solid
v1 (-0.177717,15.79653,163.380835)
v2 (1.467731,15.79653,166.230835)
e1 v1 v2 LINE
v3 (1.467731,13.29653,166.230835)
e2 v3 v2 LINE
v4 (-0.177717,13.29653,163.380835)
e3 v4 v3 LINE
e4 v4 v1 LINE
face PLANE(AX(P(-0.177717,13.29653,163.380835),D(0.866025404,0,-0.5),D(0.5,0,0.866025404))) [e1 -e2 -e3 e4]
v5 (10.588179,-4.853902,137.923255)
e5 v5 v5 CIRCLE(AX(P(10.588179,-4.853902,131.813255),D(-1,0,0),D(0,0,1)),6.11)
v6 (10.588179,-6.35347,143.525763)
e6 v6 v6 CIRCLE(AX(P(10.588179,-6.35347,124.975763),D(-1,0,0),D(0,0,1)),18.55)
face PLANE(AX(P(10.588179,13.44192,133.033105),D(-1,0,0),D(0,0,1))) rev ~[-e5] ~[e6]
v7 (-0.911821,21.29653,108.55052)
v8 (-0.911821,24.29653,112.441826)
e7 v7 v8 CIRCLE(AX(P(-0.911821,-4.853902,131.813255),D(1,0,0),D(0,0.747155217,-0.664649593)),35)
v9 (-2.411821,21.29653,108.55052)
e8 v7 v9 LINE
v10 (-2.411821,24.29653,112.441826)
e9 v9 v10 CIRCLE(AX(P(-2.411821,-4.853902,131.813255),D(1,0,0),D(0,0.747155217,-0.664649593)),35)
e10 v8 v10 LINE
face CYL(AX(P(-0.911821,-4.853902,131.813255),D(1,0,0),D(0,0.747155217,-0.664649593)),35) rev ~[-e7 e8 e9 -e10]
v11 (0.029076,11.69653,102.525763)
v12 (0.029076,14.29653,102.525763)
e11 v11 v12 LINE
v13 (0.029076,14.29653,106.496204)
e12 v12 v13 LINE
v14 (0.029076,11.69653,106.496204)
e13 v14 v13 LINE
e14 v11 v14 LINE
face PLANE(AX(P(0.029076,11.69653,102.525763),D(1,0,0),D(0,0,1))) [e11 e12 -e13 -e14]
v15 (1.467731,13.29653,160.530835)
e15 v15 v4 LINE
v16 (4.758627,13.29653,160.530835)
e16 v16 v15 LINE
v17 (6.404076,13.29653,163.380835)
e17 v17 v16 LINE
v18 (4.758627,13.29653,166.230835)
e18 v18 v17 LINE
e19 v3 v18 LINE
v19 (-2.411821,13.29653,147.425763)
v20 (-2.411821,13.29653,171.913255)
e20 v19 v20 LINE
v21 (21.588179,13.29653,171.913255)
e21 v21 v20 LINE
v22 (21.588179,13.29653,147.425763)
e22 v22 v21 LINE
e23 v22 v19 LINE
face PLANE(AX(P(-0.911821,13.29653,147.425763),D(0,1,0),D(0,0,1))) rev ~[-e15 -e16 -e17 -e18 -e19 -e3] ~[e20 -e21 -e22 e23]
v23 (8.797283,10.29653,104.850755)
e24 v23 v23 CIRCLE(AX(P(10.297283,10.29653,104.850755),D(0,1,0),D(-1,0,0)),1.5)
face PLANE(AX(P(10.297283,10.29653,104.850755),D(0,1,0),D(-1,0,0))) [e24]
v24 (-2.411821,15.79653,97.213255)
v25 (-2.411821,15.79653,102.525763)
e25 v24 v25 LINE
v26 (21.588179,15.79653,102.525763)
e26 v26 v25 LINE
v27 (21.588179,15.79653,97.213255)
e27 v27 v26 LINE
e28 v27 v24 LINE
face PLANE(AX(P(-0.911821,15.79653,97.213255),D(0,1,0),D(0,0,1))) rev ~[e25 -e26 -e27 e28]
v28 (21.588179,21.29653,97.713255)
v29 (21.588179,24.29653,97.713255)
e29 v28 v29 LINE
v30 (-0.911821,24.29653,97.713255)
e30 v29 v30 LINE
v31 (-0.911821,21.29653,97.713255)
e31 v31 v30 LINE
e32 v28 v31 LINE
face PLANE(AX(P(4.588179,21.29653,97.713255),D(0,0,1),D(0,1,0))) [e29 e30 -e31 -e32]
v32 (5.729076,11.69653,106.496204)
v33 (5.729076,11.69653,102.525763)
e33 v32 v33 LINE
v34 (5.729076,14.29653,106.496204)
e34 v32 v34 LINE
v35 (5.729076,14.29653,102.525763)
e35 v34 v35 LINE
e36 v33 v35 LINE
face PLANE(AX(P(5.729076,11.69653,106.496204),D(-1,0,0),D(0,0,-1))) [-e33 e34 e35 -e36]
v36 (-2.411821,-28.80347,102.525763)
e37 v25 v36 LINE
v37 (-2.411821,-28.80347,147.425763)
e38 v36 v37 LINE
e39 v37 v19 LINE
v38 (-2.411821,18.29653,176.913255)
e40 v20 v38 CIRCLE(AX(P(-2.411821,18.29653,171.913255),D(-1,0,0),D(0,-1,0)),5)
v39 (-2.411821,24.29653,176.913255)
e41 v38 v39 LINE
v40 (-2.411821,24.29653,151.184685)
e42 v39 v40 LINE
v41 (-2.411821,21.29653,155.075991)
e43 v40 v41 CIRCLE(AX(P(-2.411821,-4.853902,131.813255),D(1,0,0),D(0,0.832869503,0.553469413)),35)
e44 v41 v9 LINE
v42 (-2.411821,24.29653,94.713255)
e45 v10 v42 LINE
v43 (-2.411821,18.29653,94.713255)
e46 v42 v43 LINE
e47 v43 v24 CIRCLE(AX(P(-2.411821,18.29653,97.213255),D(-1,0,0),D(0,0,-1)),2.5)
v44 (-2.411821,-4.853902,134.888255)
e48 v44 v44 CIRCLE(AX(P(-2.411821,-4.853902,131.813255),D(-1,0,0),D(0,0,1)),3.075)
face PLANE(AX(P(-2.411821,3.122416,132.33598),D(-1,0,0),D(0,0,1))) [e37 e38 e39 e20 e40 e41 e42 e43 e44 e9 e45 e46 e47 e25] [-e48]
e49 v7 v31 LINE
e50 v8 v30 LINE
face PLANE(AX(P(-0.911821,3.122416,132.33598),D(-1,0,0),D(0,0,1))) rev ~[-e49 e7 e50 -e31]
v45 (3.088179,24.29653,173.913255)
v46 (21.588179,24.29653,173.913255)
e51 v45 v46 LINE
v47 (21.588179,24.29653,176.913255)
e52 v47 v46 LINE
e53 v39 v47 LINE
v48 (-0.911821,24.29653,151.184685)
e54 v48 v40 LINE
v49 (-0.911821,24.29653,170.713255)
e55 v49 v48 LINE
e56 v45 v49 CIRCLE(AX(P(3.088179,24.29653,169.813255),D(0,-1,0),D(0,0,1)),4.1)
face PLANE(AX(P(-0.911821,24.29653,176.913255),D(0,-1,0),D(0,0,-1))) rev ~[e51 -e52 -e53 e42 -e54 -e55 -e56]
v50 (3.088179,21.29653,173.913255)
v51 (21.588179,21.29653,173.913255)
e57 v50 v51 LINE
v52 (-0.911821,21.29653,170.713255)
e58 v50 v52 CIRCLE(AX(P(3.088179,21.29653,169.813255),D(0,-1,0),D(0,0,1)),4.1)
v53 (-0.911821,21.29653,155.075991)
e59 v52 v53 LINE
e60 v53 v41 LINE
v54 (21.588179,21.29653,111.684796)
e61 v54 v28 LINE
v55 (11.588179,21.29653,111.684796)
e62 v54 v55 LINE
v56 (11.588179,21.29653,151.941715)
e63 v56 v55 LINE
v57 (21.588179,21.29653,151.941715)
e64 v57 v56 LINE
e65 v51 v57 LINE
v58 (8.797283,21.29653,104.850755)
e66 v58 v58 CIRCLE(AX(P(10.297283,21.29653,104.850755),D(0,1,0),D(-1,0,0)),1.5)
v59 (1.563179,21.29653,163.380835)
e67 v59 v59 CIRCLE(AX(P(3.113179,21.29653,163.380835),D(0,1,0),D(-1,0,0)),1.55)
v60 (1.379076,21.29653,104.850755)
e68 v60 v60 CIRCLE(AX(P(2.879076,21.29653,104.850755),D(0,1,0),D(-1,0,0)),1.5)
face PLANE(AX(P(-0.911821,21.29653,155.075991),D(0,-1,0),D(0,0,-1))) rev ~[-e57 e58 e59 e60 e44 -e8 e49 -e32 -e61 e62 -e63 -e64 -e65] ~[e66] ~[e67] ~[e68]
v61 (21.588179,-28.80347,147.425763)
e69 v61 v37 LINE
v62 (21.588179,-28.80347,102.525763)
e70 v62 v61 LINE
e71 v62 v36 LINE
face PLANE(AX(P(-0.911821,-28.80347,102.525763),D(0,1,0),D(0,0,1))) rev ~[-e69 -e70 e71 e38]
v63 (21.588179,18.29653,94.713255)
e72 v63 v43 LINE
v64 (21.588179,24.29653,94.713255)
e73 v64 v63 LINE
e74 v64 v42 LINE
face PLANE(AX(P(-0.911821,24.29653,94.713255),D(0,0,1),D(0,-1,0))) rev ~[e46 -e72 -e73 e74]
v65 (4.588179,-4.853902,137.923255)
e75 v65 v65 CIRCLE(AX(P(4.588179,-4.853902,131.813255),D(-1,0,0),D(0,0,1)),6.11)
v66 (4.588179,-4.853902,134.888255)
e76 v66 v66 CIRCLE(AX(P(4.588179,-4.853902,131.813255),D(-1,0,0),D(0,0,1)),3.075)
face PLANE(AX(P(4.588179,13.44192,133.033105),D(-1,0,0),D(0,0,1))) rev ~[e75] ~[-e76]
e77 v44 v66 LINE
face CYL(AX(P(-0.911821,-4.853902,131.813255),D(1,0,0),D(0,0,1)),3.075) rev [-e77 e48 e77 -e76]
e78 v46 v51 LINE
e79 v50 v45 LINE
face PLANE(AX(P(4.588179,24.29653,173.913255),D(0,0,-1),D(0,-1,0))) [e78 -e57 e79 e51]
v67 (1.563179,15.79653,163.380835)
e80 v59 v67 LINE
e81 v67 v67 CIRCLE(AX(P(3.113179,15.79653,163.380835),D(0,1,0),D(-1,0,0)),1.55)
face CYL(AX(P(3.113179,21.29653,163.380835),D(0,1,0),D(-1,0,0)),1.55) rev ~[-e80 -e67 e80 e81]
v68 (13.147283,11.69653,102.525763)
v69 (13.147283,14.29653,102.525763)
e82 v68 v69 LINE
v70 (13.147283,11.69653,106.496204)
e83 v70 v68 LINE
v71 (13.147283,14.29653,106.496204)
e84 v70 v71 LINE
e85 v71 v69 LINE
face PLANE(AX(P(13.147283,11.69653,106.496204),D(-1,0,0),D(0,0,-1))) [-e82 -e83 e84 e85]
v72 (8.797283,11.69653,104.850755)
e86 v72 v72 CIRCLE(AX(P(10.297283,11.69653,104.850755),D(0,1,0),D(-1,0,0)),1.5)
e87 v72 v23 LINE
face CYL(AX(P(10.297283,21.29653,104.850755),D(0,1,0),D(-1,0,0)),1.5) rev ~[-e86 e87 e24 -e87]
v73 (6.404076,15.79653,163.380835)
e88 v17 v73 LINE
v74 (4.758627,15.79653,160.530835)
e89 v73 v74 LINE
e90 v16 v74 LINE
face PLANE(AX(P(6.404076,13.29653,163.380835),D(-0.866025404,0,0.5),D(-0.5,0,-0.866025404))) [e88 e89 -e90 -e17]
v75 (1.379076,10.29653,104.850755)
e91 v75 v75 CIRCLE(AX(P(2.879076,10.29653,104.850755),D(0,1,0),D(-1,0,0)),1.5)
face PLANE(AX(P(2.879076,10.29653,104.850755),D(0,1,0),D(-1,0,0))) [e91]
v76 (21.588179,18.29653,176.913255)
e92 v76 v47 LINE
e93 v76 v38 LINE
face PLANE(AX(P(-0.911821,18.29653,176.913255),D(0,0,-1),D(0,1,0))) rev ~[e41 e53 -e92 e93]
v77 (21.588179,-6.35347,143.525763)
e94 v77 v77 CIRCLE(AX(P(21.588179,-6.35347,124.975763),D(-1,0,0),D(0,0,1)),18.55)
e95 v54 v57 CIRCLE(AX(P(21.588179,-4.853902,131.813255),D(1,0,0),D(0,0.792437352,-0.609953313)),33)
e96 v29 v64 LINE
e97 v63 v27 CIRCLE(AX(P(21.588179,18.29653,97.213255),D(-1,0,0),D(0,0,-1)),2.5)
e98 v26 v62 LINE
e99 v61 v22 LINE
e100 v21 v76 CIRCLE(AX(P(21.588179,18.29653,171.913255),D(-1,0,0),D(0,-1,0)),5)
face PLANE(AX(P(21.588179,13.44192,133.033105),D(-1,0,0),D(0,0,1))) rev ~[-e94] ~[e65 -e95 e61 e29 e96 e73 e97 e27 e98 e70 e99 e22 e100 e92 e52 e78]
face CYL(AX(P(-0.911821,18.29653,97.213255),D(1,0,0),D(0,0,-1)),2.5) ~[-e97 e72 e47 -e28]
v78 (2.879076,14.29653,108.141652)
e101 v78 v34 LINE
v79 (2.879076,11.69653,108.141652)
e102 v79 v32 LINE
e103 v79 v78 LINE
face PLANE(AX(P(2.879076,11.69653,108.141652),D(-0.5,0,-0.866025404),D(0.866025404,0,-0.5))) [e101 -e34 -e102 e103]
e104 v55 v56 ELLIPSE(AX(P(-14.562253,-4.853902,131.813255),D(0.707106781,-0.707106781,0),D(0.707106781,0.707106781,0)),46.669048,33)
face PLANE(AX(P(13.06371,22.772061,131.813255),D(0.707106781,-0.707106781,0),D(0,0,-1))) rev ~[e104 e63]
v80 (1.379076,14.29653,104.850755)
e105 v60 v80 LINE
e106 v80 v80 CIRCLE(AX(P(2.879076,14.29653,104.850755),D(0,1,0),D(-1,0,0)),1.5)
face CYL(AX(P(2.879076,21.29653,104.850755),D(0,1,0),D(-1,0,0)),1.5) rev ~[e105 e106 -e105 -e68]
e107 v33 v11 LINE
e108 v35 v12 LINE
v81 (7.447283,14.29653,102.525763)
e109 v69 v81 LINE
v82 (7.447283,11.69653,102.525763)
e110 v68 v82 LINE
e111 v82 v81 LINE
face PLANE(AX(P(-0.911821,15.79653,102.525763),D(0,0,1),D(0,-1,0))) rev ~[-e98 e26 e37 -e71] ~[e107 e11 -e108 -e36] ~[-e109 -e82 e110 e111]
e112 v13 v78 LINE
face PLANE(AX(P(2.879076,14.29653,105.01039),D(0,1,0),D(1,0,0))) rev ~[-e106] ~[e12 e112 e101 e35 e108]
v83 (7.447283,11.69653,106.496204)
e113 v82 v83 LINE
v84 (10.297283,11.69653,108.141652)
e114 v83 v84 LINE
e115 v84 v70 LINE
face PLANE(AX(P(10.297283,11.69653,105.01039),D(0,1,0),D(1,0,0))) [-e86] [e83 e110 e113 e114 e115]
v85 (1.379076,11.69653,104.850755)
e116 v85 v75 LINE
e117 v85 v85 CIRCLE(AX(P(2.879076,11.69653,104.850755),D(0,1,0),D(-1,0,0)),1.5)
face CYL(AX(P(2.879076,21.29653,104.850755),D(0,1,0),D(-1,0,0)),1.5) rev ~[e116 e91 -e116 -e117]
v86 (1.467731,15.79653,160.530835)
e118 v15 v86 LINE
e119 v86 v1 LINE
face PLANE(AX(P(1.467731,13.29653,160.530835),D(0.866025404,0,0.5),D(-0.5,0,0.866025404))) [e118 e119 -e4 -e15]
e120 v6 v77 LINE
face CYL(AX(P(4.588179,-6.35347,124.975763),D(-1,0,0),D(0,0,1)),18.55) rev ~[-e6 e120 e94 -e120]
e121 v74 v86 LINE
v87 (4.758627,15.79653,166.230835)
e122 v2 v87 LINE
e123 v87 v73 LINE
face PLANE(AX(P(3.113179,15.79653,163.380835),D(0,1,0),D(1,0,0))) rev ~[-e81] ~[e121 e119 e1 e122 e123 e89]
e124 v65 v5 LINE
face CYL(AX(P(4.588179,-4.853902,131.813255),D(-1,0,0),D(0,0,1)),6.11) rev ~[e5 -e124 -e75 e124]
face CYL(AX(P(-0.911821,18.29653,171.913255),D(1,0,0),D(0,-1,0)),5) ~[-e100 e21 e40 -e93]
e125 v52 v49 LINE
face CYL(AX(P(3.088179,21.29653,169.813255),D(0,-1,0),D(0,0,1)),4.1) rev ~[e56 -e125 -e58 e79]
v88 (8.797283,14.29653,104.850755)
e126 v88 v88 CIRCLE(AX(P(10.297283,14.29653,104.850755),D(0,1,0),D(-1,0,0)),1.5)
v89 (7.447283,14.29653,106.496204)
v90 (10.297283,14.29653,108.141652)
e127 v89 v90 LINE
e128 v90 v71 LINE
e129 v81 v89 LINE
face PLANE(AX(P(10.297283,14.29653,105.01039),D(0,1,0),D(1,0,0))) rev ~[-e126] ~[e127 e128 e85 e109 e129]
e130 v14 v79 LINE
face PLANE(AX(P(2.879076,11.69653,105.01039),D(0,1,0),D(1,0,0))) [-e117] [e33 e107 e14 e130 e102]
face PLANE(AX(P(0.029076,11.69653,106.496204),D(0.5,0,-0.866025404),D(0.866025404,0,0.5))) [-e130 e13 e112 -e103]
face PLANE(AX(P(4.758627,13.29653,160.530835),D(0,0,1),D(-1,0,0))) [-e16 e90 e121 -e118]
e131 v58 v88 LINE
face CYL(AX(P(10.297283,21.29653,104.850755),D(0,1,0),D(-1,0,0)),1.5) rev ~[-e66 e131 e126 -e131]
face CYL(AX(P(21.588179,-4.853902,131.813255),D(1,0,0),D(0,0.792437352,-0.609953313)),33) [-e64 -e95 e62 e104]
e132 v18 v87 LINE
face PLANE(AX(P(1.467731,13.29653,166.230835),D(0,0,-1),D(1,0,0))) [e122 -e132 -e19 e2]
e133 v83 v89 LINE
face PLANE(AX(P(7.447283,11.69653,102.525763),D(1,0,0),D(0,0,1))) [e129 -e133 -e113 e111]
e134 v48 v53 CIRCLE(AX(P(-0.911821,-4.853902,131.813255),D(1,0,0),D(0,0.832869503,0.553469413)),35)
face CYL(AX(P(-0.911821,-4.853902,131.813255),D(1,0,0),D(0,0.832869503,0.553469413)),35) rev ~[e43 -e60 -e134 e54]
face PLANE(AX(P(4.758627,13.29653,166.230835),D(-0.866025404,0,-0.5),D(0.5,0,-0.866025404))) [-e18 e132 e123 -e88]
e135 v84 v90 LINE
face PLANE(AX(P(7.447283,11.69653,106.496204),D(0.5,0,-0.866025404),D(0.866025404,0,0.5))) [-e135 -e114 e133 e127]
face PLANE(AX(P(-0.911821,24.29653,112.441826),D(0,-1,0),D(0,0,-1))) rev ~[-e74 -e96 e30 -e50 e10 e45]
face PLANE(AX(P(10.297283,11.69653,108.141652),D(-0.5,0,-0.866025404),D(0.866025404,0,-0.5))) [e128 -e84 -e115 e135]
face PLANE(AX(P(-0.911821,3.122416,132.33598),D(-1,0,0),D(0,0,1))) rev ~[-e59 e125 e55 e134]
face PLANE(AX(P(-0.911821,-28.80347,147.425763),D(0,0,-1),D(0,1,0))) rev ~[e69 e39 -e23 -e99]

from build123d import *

# Parameters (mm, degrees)
SKETCH1_R           = 22.45
SKETCH1_R_2         = 18.55
SKETCH1_R_3         = 6.11
SKETCH1_R_4         = 5.25
SKETCH1_R_5         = 3.075
BOSS_EXTRUDE1_DEPTH = 5.5
SKETCH1_3_R         = 22.45
SKETCH1_3_R_2       = 18.55
SKETCH1_3_R_3       = 6.11
BOSS_EXTRUDE2_DEPTH = 6
SKETCH1_4_R         = 22.45
SKETCH1_4_R_2       = 18.55
BOSS_EXTRUDE3_DEPTH = 17
BOSS_EXTRUDE4_DEPTH = 10
DRAFT1_ANGLE        = 45
BOSS_EXTRUDE5_DEPTH = 3
SKETCH4_R           = 3.075
BOSS_EXTRUDE6_DEPTH = 1.5
SKETCH3_R           = 1.5
SKETCH3_R_2         = 1.55
CUT_EXTRUDE1_DEPTH  = 11
CUT_EXTRUDE2_START  = -9.6
SKETCH3_4_R         = 1.5
CUT_EXTRUDE2_DEPTH  = 2.6
CUT_EXTRUDE3_START  = -8
SKETCH3_5_R         = 1.55
CUT_EXTRUDE3_DEPTH  = 2.5


with BuildPart() as part:
    # Sketch1 → Boss-Extrude1 (new body)
    with BuildSketch(Plane.ZY.offset(-4.58817912)):
        with BuildLine():
            Line((173.913255387, 21.29653024), (97.713255387, 21.29653024))
            Line((97.713255387, 21.29653024), (97.713255387, 24.29653024))
            Line((97.713255387, 24.29653024), (94.713255387, 24.29653024))
            Line((94.713255387, 24.29653024), (94.713255387, 18.29653024))
            ThreePointArc((94.713255387, 18.29653024), (95.445488434, 16.528763287), (97.213255387, 15.79653024))
            Line((97.213255387, 15.79653024), (102.52576333, 15.79653024))
            Line((102.52576333, 15.79653024), (102.52576333, -6.35346976))
            ThreePointArc((102.52576333, -6.35346976), (124.97576333, 16.09653024), (147.42576333, -6.35346976))
            Line((147.42576333, -6.35346976), (147.42576333, 13.29653024))
            Line((147.42576333, 13.29653024), (171.913255387, 13.29653024))
            ThreePointArc((171.913255387, 13.29653024), (175.448789293, 14.760996334), (176.913255387, 18.29653024))
            Line((176.913255387, 18.29653024), (176.913255387, 24.29653024))
            Line((176.913255387, 24.29653024), (173.913255387, 24.29653024))
            Line((173.913255387, 24.29653024), (173.913255387, 21.29653024))
        make_face()
        with BuildLine():
            ThreePointArc((124.97576333, -28.80346976), (109.101216092, -22.228016998), (102.52576333, -6.35346976))
            Line((102.52576333, -6.35346976), (102.52576333, -28.80346976))
            Line((102.52576333, -28.80346976), (124.97576333, -28.80346976))
        make_face()
        with Locations((124.97576333, -6.35346976)):
            Circle(SKETCH1_R)
        with Locations((124.97576333, -6.35346976)):
            Circle(SKETCH1_R_2, mode=Mode.SUBTRACT)
        with Locations((124.97576333, -6.35346976)):
            Circle(SKETCH1_R_2)
        with Locations((131.813255387, -4.853902367)):
            Circle(SKETCH1_R_3, mode=Mode.SUBTRACT)
        with Locations((131.813255387, -4.853902367)):
            Circle(SKETCH1_R_3)
        with Locations((131.813255387, -4.853902367)):
            Circle(SKETCH1_R_4, mode=Mode.SUBTRACT)
        with Locations((131.813255387, -4.853902367)):
            Circle(SKETCH1_R_4)
        with Locations((131.813255387, -4.853902367)):
            Circle(SKETCH1_R_5, mode=Mode.SUBTRACT)
        with BuildLine():
            Line((147.42576333, -28.80346976), (147.42576333, -6.35346976))
            ThreePointArc((147.42576333, -6.35346976), (140.850310568, -22.228016998), (124.97576333, -28.80346976))
            Line((124.97576333, -28.80346976), (147.42576333, -28.80346976))
        make_face()
    extrude(amount=BOSS_EXTRUDE1_DEPTH)

    # Sketch1<3> → Boss-Extrude2 (add)
    with BuildSketch(Plane.ZY.offset(-4.58817912)):
        with BuildLine():
            Line((173.913255387, 21.29653024), (97.713255387, 21.29653024))
            Line((97.713255387, 21.29653024), (97.713255387, 24.29653024))
            Line((97.713255387, 24.29653024), (94.713255387, 24.29653024))
            Line((94.713255387, 24.29653024), (94.713255387, 18.29653024))
            ThreePointArc((94.713255387, 18.29653024), (95.445488434, 16.528763287), (97.213255387, 15.79653024))
            Line((97.213255387, 15.79653024), (102.52576333, 15.79653024))
            Line((102.52576333, 15.79653024), (102.52576333, -6.35346976))
            ThreePointArc((102.52576333, -6.35346976), (124.97576333, 16.09653024), (147.42576333, -6.35346976))
            Line((147.42576333, -6.35346976), (147.42576333, 13.29653024))
            Line((147.42576333, 13.29653024), (171.913255387, 13.29653024))
            ThreePointArc((171.913255387, 13.29653024), (175.448789293, 14.760996334), (176.913255387, 18.29653024))
            Line((176.913255387, 18.29653024), (176.913255387, 24.29653024))
            Line((176.913255387, 24.29653024), (173.913255387, 24.29653024))
            Line((173.913255387, 24.29653024), (173.913255387, 21.29653024))
        make_face()
        with BuildLine():
            Line((147.42576333, -28.80346976), (147.42576333, -6.35346976))
            ThreePointArc((147.42576333, -6.35346976), (140.850310568, -22.228016998), (124.97576333, -28.80346976))
            Line((124.97576333, -28.80346976), (147.42576333, -28.80346976))
        make_face()
        with Locations((124.97576333, -6.35346976)):
            Circle(SKETCH1_3_R)
        with Locations((124.97576333, -6.35346976)):
            Circle(SKETCH1_3_R_2, mode=Mode.SUBTRACT)
        with Locations((124.97576333, -6.35346976)):
            Circle(SKETCH1_3_R_2)
        with Locations((131.813255387, -4.853902367)):
            Circle(SKETCH1_3_R_3, mode=Mode.SUBTRACT)
    extrude(amount=-BOSS_EXTRUDE2_DEPTH)

    # Sketch1<4> → Boss-Extrude3 (add)
    with BuildSketch(Plane.ZY.offset(-4.58817912)):
        with BuildLine():
            Line((173.913255387, 21.29653024), (97.713255387, 21.29653024))
            Line((97.713255387, 21.29653024), (97.713255387, 24.29653024))
            Line((97.713255387, 24.29653024), (94.713255387, 24.29653024))
            Line((94.713255387, 24.29653024), (94.713255387, 18.29653024))
            ThreePointArc((94.713255387, 18.29653024), (95.445488434, 16.528763287), (97.213255387, 15.79653024))
            Line((97.213255387, 15.79653024), (102.52576333, 15.79653024))
            Line((102.52576333, 15.79653024), (102.52576333, -6.35346976))
            ThreePointArc((102.52576333, -6.35346976), (124.97576333, 16.09653024), (147.42576333, -6.35346976))
            Line((147.42576333, -6.35346976), (147.42576333, 13.29653024))
            Line((147.42576333, 13.29653024), (171.913255387, 13.29653024))
            ThreePointArc((171.913255387, 13.29653024), (175.448789293, 14.760996334), (176.913255387, 18.29653024))
            Line((176.913255387, 18.29653024), (176.913255387, 24.29653024))
            Line((176.913255387, 24.29653024), (173.913255387, 24.29653024))
            Line((173.913255387, 24.29653024), (173.913255387, 21.29653024))
        make_face()
        with BuildLine():
            Line((147.42576333, -28.80346976), (147.42576333, -6.35346976))
            ThreePointArc((147.42576333, -6.35346976), (140.850310568, -22.228016998), (124.97576333, -28.80346976))
            Line((124.97576333, -28.80346976), (147.42576333, -28.80346976))
        make_face()
        with BuildLine():
            ThreePointArc((124.97576333, -28.80346976), (109.101216092, -22.228016998), (102.52576333, -6.35346976))
            Line((102.52576333, -6.35346976), (102.52576333, -28.80346976))
            Line((102.52576333, -28.80346976), (124.97576333, -28.80346976))
        make_face()
        with Locations((124.97576333, -6.35346976)):
            Circle(SKETCH1_4_R)
        with Locations((124.97576333, -6.35346976)):
            Circle(SKETCH1_4_R_2, mode=Mode.SUBTRACT)
    extrude(amount=-BOSS_EXTRUDE3_DEPTH)

    # Sketch2 → Boss-Extrude4 (add)
    with BuildSketch(Plane(origin=(21.58817912, 0, 0), x_dir=(0, 0, -1), z_dir=(1, 0, 0))):
        with BuildLine():
            Line((-151.941714705, 21.29653024), (-111.68479607, 21.29653024))
            ThreePointArc((-111.68479607, 21.29653024), (-131.813255387, 28.146097633), (-151.941714705, 21.29653024))
        make_face()
    extrude(amount=-BOSS_EXTRUDE4_DEPTH)

    # Draft1
    draft1_faces = [part.faces().sort_by_distance(p)[0] for p in [
        (11.58817912, 24.062292156, 131.813255387),
    ]]
    draft(draft1_faces, Plane(origin=(-98.771158707, 21.29653024, 0), x_dir=(1, 0, 0), z_dir=(0, 1, 0)), DRAFT1_ANGLE)

    # Sketch3<3> → Boss-Extrude5 (add)
    with BuildSketch(Plane(origin=(0, 21.29653024, 0), x_dir=(1, 0, 0), z_dir=(0, 1, 0))):
        with BuildLine():
            Line((-0.91182088, -173.913255387), (3.08817912, -173.913255387))
            ThreePointArc((3.08817912, -173.913255387), (0.526929425, -173.014817506), (-0.91182088, -170.713255387))
            Line((-0.91182088, -170.713255387), (-0.91182088, -173.913255387))
        make_face()
    extrude(amount=BOSS_EXTRUDE5_DEPTH)

    # Sketch4 → Boss-Extrude6 (add)
    with BuildSketch(Plane.ZY.offset(0.91182088)):
        with BuildLine():
            Line((97.713255387, 21.29653024), (97.713255387, 24.29653024))
            Line((97.713255387, 24.29653024), (94.713255387, 24.29653024))
            Line((94.713255387, 24.29653024), (94.713255387, 18.29653024))
            ThreePointArc((94.713255387, 18.29653024), (95.445488434, 16.528763287), (97.213255387, 15.79653024))
            Line((97.213255387, 15.79653024), (102.52576333, 15.79653024))
            Line((102.52576333, 15.79653024), (102.52576333, -28.80346976))
            Line((102.52576333, -28.80346976), (147.42576333, -28.80346976))
            Line((147.42576333, -28.80346976), (147.42576333, 13.29653024))
            Line((147.42576333, 13.29653024), (171.913255387, 13.29653024))
            ThreePointArc((171.913255387, 13.29653024), (175.448789293, 14.760996334), (176.913255387, 18.29653024))
            Line((176.913255387, 18.29653024), (176.913255387, 24.29653024))
            Line((176.913255387, 24.29653024), (170.713255387, 24.29653024))
            Line((170.713255387, 24.29653024), (170.713255387, 21.29653024))
            Line((170.713255387, 21.29653024), (155.075991135, 21.29653024))
            Line((155.075991135, 21.29653024), (108.550519639, 21.29653024))
            Line((108.550519639, 21.29653024), (97.713255387, 21.29653024))
        make_face()
        with Locations((131.813255387, -4.853902367)):
            Circle(SKETCH4_R, mode=Mode.SUBTRACT)
        with BuildLine():
            Line((112.44182594, 24.29653024), (97.713255387, 24.29653024))
            Line((97.713255387, 24.29653024), (97.713255387, 21.29653024))
            Line((97.713255387, 21.29653024), (108.550519639, 21.29653024))
            ThreePointArc((108.550519639, 21.29653024), (110.443463379, 22.864899727), (112.44182594, 24.29653024))
        make_face()
        with BuildLine():
            ThreePointArc((151.184684835, 24.29653024), (153.183047396, 22.864899727), (155.075991135, 21.29653024))
            Line((155.075991135, 21.29653024), (170.713255387, 21.29653024))
            Line((170.713255387, 21.29653024), (170.713255387, 24.29653024))
            Line((170.713255387, 24.29653024), (151.184684835, 24.29653024))
        make_face()
    extrude(amount=BOSS_EXTRUDE6_DEPTH)

    # Sketch3 → Cut-Extrude1 (cut)
    with BuildSketch(Plane(origin=(0, 21.29653024, 0), x_dir=(1, 0, 0), z_dir=(0, 1, 0))):
        with Locations(Location((2.879075654, -104.850755387, 0), (0, 0, 180))):
            Circle(SKETCH3_R)
        with Locations(Location((10.297282585, -104.850755387, 0), (0, 0, 180))):
            Circle(SKETCH3_R)
        with Locations(Location((3.11317912, -163.38083505, 0), (0, 0, 180))):
            Circle(SKETCH3_R_2)
    extrude(amount=-CUT_EXTRUDE1_DEPTH, mode=Mode.SUBTRACT)

    # Sketch3<4> → Cut-Extrude2 (cut)
    with BuildSketch(Plane(origin=(0, 21.29653024, 0), x_dir=(1, 0, 0), z_dir=(0, 1, 0)).offset(CUT_EXTRUDE2_START)):
        Polygon((7.447282585, -106.496203654), (10.297282585, -108.141651922), (13.147282585, -106.496203654), (13.147282585, -103.20530712), (11.970278215, -102.52576333), (8.624286956, -102.52576333), (7.447282585, -103.20530712), align=None)
        with Locations(Location((10.297282585, -104.850755387, 0), (0, 0, 180))):
            Circle(SKETCH3_4_R, mode=Mode.SUBTRACT)
        Polygon((11.970278215, -102.52576333), (13.147282585, -103.20530712), (13.147282585, -102.52576333), align=None)
        Polygon((7.447282585, -102.52576333), (7.447282585, -103.20530712), (8.624286956, -102.52576333), align=None)
        Polygon((0.029075654, -106.496203654), (2.879075654, -108.141651922), (5.729075654, -106.496203654), (5.729075654, -103.20530712), (4.552071284, -102.52576333), (1.206080025, -102.52576333), (0.029075654, -103.20530712), align=None)
        with Locations(Location((2.879075654, -104.850755387, 0), (0, 0, 180))):
            Circle(SKETCH3_4_R, mode=Mode.SUBTRACT)
        Polygon((4.552071284, -102.52576333), (5.729075654, -103.20530712), (5.729075654, -102.52576333), align=None)
        Polygon((0.029075654, -102.52576333), (0.029075654, -103.20530712), (1.206080025, -102.52576333), align=None)
    extrude(amount=CUT_EXTRUDE2_DEPTH, mode=Mode.SUBTRACT)

    # Sketch3<5> → Cut-Extrude3 (cut)
    with BuildSketch(Plane(origin=(0, 21.29653024, 0), x_dir=(1, 0, 0), z_dir=(0, 1, 0)).offset(CUT_EXTRUDE3_START)):
        Polygon((4.758627387, -160.53083505), (1.467730853, -160.53083505), (-0.177717415, -163.38083505), (1.467730853, -166.23083505), (4.758627387, -166.23083505), (6.404075654, -163.38083505), align=None)
        with Locations(Location((3.11317912, -163.38083505, 0), (0, 0, 180))):
            Circle(SKETCH3_5_R, mode=Mode.SUBTRACT)
    extrude(amount=CUT_EXTRUDE3_DEPTH, mode=Mode.SUBTRACT)


solid = part.part
